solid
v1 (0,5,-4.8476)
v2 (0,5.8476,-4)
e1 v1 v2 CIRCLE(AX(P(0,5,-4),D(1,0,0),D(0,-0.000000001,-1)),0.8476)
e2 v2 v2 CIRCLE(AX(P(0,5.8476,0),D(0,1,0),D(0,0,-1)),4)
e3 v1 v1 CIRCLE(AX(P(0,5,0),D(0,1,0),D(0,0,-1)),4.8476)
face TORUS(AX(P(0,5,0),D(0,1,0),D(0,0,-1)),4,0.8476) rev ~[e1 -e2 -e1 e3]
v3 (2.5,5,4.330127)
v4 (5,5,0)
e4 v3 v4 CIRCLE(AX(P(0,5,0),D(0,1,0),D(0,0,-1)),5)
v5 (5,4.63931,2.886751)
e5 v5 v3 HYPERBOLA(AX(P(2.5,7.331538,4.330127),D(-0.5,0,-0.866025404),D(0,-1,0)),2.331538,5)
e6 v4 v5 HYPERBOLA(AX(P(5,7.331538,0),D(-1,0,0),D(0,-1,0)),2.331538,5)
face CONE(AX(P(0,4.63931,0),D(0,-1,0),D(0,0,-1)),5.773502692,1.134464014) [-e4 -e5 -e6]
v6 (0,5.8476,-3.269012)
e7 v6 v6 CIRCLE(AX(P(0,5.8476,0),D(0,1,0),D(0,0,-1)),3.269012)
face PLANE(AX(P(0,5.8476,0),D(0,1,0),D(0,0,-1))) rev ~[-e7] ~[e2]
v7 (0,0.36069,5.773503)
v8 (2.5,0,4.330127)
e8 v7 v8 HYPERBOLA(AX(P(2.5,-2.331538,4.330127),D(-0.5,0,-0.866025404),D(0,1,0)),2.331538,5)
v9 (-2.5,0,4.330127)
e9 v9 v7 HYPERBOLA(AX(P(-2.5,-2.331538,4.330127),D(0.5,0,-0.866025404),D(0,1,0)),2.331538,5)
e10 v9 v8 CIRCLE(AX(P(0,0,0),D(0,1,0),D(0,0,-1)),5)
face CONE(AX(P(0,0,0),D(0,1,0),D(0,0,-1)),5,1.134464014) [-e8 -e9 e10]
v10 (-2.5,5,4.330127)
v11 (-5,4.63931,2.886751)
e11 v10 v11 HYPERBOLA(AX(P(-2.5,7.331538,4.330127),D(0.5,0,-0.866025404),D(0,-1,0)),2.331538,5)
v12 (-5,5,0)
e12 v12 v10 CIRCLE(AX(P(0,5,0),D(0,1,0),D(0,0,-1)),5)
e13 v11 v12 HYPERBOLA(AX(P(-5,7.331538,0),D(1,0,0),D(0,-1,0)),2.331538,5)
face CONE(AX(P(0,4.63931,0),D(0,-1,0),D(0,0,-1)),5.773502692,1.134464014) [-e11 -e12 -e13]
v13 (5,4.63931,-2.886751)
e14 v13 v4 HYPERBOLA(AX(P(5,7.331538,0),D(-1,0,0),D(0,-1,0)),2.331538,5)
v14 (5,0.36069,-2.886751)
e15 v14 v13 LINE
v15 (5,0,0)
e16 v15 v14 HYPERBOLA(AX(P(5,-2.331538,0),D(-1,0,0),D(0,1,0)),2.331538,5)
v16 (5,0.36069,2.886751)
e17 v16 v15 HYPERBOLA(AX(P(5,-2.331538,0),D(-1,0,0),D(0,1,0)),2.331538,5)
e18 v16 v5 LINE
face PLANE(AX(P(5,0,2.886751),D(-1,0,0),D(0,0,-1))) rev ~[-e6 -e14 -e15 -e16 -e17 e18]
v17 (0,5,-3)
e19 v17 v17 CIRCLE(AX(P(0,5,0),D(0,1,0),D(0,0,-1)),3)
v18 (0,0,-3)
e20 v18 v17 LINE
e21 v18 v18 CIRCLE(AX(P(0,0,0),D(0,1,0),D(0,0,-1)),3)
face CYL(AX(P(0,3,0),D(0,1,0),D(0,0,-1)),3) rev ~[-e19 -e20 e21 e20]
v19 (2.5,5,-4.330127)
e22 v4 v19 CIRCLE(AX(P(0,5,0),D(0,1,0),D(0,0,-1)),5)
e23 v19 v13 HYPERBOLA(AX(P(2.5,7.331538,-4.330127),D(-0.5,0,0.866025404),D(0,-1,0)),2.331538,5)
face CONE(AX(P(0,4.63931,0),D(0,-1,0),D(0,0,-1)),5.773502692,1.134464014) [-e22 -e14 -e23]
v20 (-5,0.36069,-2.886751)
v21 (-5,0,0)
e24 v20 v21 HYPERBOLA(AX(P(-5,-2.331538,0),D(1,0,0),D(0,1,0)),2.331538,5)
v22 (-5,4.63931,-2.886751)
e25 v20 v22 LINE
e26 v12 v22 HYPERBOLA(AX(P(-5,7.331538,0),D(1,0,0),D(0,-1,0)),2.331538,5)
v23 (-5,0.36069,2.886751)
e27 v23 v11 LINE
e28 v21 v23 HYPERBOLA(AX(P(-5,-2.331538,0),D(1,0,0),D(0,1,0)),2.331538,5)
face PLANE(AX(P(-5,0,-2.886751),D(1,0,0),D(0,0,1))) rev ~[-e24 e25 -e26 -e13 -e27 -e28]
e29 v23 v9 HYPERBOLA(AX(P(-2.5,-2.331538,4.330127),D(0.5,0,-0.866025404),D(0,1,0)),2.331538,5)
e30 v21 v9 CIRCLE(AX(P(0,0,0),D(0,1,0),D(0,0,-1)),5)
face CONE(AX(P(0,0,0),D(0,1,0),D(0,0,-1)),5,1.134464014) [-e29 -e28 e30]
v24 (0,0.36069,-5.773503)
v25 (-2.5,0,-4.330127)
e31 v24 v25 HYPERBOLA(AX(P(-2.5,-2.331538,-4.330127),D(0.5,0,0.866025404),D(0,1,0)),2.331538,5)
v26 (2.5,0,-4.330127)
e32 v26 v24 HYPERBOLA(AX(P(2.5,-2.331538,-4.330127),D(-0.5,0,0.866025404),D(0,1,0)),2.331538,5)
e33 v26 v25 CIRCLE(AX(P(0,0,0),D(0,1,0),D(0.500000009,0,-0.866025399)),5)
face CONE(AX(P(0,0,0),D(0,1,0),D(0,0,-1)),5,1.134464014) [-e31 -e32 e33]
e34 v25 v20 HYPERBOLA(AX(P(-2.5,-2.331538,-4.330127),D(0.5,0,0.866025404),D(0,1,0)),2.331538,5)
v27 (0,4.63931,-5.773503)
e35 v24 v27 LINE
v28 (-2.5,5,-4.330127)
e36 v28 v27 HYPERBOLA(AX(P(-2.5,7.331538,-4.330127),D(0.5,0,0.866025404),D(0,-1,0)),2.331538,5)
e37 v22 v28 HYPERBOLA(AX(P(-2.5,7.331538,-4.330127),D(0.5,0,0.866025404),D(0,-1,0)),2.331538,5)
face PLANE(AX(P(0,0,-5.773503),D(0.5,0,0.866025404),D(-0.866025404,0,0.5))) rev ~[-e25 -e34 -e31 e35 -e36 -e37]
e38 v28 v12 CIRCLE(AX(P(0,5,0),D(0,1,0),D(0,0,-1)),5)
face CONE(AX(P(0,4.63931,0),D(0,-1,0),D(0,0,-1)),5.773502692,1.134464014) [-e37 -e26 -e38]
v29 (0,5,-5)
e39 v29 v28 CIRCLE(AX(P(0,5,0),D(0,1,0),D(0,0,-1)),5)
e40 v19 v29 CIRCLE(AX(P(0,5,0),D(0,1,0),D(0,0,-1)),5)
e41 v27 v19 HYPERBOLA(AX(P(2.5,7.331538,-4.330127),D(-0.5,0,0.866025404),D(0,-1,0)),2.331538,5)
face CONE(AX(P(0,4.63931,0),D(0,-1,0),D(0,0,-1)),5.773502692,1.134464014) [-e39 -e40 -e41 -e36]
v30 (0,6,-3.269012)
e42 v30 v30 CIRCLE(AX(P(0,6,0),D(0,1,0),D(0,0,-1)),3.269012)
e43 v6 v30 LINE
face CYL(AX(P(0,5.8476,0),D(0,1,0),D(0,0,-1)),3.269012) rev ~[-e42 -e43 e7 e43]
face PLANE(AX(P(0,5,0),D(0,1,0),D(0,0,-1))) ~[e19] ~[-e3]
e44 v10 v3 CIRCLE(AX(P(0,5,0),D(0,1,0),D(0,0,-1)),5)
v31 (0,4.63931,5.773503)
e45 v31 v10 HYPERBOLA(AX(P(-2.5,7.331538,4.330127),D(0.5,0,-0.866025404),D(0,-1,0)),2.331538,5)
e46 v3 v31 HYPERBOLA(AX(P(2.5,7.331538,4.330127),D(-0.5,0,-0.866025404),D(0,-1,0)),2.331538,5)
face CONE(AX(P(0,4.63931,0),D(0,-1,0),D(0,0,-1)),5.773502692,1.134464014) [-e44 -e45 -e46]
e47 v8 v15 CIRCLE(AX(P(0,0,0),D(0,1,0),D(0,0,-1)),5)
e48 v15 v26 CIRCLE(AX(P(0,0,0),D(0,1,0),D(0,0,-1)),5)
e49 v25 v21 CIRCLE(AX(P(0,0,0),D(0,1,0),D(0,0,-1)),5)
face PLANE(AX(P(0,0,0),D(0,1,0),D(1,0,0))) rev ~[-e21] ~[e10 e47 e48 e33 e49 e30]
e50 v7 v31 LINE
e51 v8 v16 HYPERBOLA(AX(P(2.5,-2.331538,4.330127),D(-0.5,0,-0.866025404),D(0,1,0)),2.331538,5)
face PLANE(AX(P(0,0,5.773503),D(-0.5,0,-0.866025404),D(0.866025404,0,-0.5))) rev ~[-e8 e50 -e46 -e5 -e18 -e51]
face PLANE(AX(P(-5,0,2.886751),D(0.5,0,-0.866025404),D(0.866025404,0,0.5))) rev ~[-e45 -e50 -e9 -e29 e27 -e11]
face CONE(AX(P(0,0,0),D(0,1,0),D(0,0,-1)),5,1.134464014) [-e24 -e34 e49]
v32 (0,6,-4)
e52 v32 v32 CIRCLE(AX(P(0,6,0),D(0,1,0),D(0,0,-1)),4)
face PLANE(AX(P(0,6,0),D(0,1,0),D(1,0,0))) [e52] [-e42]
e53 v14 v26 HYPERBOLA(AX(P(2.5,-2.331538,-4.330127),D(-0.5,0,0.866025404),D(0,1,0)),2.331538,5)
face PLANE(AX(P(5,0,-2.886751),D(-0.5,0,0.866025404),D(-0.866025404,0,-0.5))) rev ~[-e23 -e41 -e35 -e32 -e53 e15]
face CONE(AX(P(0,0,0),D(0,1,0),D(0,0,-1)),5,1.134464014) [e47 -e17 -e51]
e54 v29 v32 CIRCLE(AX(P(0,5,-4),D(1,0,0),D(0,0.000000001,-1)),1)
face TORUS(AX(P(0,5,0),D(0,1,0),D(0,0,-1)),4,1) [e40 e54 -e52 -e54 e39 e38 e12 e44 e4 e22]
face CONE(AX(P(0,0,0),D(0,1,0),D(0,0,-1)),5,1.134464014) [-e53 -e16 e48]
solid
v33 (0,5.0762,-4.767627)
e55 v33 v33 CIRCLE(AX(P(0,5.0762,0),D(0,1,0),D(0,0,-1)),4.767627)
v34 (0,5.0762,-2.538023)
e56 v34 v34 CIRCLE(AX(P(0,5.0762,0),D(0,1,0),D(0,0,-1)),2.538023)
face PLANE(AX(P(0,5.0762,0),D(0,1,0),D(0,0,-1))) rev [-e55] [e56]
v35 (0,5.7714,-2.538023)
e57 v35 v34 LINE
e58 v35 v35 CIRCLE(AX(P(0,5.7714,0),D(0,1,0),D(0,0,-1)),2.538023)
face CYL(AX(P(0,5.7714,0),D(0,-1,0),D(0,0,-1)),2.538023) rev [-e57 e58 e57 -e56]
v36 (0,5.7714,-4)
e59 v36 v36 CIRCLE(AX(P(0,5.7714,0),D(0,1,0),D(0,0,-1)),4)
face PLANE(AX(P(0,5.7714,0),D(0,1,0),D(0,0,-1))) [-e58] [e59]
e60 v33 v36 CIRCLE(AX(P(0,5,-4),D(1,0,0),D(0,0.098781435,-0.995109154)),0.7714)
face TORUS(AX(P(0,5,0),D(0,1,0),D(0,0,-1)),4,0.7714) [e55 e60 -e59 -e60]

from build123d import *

# Parameters (mm, degrees)
EXTRUDE1_DEPTH = 6
SKETCH2_W      = 3
SKETCH2_H      = 6


with BuildPart() as part:
    # Sketch1 → Extrude1 (new body)
    with BuildSketch(Plane(origin=(0, 0, 0), x_dir=(1, 0, 0), z_dir=(0, 1, 0))):
        Polygon((0, 5.773502692), (-5, 2.886751346), (-5, -2.886751346), (0, -5.773502692), (5, -2.886751346), (5, 2.886751346), align=None)
    extrude(amount=EXTRUDE1_DEPTH)

    # Sketch4 → Cut-Revolve2 (revolve, cut)
    with BuildSketch(Plane(origin=(0, 0, 0), x_dir=(0, 0, -1), z_dir=(1, 0, 0))):
        Polygon((0, 6), (3, 6), (2.538023184, 5.784576673), (2.538023184, 0.215423327), (3, 0), (0, 0), align=None)
    revolve(axis=Axis((0, 6, 0), (0, 1, 0)), mode=Mode.SUBTRACT)


with BuildPart() as body_2:
    # Sketch2 → Revolve1 (revolve)
    with BuildSketch(Plane(origin=(0, 0, 0), x_dir=(0, 0, -1), z_dir=(1, 0, 0))):
        with Locations((1.5, 3)):
            Rectangle(SKETCH2_W, SKETCH2_H)
    revolve(axis=Axis((0, -3, 0), (0, 1, 0)))


with BuildPart() as part_1:
    add(part.part)

    # Combine1: cut body 2
    add(body_2.part, mode=Mode.SUBTRACT)

    # Sketch5 → Cut-Revolve3 (revolve, cut)
    with BuildSketch(Plane(origin=(0, 0, 0), x_dir=(0, 0, -1), z_dir=(1, 0, 0))):
        with BuildLine():
            Line((0, 0), (5, 0))
            Line((5, 0), (5.773502692, 0.360690229))
            Line((5.773502692, 0.360690229), (5.773502692, 4.639309771))
            Line((5.773502692, 4.639309771), (5, 5))
            ThreePointArc((5, 5), (4.707106781, 5.707106781), (4, 6))
            Line((4, 6), (4, 7.27))
            Line((4, 7.27), (7.043502692, 7.27))
            Line((7.043502692, 7.27), (7.043502692, -1.27))
            Line((7.043502692, -1.27), (0, -1.27))
            Line((0, -1.27), (0, 0))
        make_face()
    revolve(axis=Axis((0, 0, 0), (0, 1, 0)), mode=Mode.SUBTRACT)

    # Sketch6 → Cut-Revolve4 (revolve, cut)
    with BuildSketch(Plane(origin=(0, 0, 0), x_dir=(0, 0, -1), z_dir=(1, 0, 0))):
        with BuildLine():
            Line((0, 5), (4.8476, 5))
            ThreePointArc((4.8476, 5), (4.599343708, 5.599343708), (4, 5.8476))
            Line((4, 5.8476), (3.269011592, 5.8476))
            Line((3.269011592, 5.8476), (3.269011592, 7.27))
            Line((3.269011592, 7.27), (0, 7.27))
            Line((0, 7.27), (0, 5))
        make_face()
    revolve(axis=Axis((0, 7.27, 0), (0, 1, 0)), mode=Mode.SUBTRACT)


with BuildPart() as body_2_2:
    # Sketch7 → Revolve2 (revolve)
    with BuildSketch(Plane(origin=(0, 0, 0), x_dir=(0, 0, -1), z_dir=(1, 0, 0))):
        with BuildLine():
            Line((2.538023184, 5.0762), (4.767627201, 5.0762))
            ThreePointArc((4.767627201, 5.0762), (4.51782105, 5.57176859), (4, 5.7714))
            Line((4, 5.7714), (2.538023184, 5.7714))
            Line((2.538023184, 5.7714), (2.538023184, 5.0762))
        make_face()
    revolve(axis=Axis((0, 5.0762, 0), (0, 1, 0)))


solid = Compound([part_1.part, body_2_2.part])
